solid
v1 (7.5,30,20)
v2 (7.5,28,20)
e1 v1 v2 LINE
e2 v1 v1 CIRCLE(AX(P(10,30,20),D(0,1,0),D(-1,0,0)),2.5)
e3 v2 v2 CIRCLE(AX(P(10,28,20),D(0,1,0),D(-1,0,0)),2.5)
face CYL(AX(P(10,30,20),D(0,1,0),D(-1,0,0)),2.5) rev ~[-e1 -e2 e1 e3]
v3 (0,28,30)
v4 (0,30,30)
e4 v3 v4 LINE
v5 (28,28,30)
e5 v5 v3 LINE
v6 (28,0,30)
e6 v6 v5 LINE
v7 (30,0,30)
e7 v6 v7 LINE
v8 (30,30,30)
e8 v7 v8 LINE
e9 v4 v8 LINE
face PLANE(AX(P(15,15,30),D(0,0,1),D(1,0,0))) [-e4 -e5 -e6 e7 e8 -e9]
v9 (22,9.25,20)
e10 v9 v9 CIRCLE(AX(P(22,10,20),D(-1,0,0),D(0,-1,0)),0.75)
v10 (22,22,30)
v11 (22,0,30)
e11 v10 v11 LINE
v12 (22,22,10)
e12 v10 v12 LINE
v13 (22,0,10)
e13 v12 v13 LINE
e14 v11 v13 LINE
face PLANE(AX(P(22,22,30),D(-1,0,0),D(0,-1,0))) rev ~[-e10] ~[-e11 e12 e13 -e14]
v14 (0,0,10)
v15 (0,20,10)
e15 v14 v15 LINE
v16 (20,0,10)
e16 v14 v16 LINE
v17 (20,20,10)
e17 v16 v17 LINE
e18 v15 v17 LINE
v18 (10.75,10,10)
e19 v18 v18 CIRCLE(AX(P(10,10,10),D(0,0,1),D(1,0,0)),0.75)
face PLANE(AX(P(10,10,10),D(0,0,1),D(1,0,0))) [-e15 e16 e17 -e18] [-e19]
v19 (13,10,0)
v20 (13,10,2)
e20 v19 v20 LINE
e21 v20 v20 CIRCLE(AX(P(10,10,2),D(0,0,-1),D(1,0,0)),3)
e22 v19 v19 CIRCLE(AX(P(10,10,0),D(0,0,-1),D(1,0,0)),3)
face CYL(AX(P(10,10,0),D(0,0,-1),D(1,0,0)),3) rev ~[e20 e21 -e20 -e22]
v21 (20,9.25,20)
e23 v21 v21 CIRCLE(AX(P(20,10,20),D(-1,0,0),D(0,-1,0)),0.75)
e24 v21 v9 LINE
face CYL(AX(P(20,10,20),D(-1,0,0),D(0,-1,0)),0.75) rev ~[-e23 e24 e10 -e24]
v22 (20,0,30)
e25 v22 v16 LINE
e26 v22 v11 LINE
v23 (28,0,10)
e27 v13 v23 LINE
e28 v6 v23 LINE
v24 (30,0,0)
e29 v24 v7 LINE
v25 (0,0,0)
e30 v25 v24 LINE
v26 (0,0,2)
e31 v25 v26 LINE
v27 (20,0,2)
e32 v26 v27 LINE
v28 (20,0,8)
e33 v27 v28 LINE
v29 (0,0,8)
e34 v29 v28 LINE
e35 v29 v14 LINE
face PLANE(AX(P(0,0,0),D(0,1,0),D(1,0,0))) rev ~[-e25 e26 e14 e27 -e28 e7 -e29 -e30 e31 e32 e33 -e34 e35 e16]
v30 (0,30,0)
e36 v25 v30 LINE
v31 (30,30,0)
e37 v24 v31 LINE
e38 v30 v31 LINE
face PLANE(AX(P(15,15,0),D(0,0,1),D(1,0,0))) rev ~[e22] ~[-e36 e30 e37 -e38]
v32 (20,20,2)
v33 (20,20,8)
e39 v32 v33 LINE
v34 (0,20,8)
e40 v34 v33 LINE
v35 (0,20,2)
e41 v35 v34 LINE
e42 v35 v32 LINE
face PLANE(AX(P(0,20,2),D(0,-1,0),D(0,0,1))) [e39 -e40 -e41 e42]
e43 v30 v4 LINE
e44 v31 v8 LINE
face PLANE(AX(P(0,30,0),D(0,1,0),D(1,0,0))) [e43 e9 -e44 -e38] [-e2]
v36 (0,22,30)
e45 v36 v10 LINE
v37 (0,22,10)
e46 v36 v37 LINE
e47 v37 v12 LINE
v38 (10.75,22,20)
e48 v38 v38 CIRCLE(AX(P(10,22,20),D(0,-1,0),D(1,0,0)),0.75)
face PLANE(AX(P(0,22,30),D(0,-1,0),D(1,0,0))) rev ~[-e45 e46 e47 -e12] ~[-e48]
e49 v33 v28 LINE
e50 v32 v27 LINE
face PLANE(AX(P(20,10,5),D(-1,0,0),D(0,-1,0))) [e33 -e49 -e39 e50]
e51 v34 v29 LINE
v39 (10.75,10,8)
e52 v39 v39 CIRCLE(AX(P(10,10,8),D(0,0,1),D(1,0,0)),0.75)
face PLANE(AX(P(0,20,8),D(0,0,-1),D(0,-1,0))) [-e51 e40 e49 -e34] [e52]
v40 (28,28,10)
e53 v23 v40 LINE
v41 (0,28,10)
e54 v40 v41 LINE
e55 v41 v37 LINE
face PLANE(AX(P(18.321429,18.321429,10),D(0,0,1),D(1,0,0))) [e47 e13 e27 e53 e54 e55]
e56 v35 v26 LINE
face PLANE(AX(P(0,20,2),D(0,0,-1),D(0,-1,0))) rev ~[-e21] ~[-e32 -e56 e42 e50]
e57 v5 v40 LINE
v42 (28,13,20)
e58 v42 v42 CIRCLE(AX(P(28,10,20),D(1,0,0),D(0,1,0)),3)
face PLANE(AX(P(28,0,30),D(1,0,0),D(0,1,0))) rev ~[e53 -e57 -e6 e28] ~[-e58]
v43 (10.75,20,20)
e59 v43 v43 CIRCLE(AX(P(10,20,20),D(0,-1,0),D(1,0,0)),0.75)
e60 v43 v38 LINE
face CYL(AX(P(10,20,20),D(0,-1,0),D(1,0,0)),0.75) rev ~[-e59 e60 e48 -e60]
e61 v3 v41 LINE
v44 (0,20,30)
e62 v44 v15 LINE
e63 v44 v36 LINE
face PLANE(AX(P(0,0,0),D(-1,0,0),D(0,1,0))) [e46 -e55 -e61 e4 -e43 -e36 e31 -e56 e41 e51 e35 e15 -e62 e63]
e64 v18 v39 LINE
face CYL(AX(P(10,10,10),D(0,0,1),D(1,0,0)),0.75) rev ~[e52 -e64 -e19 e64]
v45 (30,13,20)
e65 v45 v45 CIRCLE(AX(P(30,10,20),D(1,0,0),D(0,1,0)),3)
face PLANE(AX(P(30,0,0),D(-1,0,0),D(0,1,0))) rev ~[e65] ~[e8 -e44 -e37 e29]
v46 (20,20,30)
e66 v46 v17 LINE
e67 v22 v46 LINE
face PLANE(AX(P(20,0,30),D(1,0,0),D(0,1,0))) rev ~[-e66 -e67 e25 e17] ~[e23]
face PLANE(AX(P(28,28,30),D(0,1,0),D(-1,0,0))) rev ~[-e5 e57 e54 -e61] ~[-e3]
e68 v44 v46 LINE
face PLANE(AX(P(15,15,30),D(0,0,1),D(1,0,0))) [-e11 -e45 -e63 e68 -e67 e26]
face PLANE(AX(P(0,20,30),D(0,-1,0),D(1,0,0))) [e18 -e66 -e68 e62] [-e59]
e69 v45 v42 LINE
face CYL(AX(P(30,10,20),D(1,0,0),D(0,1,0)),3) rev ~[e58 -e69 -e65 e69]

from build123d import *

# Parameters (mm, degrees)
F0_W      = 30
F0_H      = 30
F1_DEPTH  = 30
F2_W      = 20
F2_H      = 20
F3_DEPTH  = 20
F5_DEPTH  = 20
F6_W      = 20
F6_H      = 6
F7_DEPTH  = 20
F8_R      = 2.5
F9_DEPTH  = 2
F10_R     = 0.75
F11_DEPTH = 25
F12_R     = 3
F13_DEPTH = 2
F14_R     = 0.75
F15_DEPTH = 2
F16_R     = 0.75
F17_DEPTH = 2
F18_R     = 3
F19_DEPTH = 2


with BuildPart() as f1:
    # F0 (on Top) → F1 (new body)
    with BuildSketch(Plane.XY):
        with Locations((15, 15)):
            Rectangle(F0_W, F0_H)
    extrude(amount=F1_DEPTH)

    # F2 (on face) → F3 (cut)
    with BuildSketch(Plane.XY.offset(30)):
        with Locations((10, 10)):
            Rectangle(F2_W, F2_H)
    extrude(amount=-F3_DEPTH, mode=Mode.SUBTRACT)

    # F4 (on face) → F5 (cut)
    with BuildSketch(Plane.XY.offset(30)):
        Polygon((28, 28), (0, 28), (0, 22), (22, 22), (22, 0), (28, 0), (28, 22), align=None)
    extrude(amount=-F5_DEPTH, mode=Mode.SUBTRACT)

    # F6 (on face) → F7 (cut)
    with BuildSketch(Plane(origin=(0, 0, 0), x_dir=(0, -1, 0), z_dir=(-1, 0, 0))):
        with Locations((-10, 5)):
            Rectangle(F6_W, F6_H)
    extrude(amount=-F7_DEPTH, mode=Mode.SUBTRACT)

    # F8 (on face) → F9 (cut, through all)
    with BuildSketch(Plane(origin=(0, 30, 0), x_dir=(-1, 0, 0), z_dir=(0, 1, 0))):
        with Locations((-10, 20)):
            Circle(F8_R)
    extrude(amount=-F9_DEPTH, mode=Mode.SUBTRACT)

    # F10 (on face) → F11 (cut)
    with BuildSketch(Plane.XZ.offset(-20)):
        with Locations((10, 20)):
            Circle(F10_R)
    extrude(amount=-F11_DEPTH, mode=Mode.SUBTRACT)

    # F12 (on face) → F13 (cut, through all)
    with BuildSketch(Plane.YZ.offset(30)):
        with Locations((10, 20)):
            Circle(F12_R)
    extrude(amount=-F13_DEPTH, mode=Mode.SUBTRACT)

    # F14 (on face) → F15 (cut, through all)
    with BuildSketch(Plane(origin=(20, 0, 0), x_dir=(0, -1, 0), z_dir=(-1, 0, 0))):
        with Locations((-10, 20)):
            Circle(F14_R)
    extrude(amount=-F15_DEPTH, mode=Mode.SUBTRACT)

    # F16 (on face) → F17 (cut, through all)
    with BuildSketch(Plane.XY.offset(10)):
        with Locations((10, 10)):
            Circle(F16_R)
    extrude(amount=-F17_DEPTH, mode=Mode.SUBTRACT)

    # F18 (on face) → F19 (cut, through all)
    with BuildSketch(Plane(origin=(0, 0, 0), x_dir=(1, 0, 0), z_dir=(0, 0, -1))):
        with Locations((10, -10)):
            Circle(F18_R)
    extrude(amount=-F19_DEPTH, mode=Mode.SUBTRACT)


solid = f1.part
